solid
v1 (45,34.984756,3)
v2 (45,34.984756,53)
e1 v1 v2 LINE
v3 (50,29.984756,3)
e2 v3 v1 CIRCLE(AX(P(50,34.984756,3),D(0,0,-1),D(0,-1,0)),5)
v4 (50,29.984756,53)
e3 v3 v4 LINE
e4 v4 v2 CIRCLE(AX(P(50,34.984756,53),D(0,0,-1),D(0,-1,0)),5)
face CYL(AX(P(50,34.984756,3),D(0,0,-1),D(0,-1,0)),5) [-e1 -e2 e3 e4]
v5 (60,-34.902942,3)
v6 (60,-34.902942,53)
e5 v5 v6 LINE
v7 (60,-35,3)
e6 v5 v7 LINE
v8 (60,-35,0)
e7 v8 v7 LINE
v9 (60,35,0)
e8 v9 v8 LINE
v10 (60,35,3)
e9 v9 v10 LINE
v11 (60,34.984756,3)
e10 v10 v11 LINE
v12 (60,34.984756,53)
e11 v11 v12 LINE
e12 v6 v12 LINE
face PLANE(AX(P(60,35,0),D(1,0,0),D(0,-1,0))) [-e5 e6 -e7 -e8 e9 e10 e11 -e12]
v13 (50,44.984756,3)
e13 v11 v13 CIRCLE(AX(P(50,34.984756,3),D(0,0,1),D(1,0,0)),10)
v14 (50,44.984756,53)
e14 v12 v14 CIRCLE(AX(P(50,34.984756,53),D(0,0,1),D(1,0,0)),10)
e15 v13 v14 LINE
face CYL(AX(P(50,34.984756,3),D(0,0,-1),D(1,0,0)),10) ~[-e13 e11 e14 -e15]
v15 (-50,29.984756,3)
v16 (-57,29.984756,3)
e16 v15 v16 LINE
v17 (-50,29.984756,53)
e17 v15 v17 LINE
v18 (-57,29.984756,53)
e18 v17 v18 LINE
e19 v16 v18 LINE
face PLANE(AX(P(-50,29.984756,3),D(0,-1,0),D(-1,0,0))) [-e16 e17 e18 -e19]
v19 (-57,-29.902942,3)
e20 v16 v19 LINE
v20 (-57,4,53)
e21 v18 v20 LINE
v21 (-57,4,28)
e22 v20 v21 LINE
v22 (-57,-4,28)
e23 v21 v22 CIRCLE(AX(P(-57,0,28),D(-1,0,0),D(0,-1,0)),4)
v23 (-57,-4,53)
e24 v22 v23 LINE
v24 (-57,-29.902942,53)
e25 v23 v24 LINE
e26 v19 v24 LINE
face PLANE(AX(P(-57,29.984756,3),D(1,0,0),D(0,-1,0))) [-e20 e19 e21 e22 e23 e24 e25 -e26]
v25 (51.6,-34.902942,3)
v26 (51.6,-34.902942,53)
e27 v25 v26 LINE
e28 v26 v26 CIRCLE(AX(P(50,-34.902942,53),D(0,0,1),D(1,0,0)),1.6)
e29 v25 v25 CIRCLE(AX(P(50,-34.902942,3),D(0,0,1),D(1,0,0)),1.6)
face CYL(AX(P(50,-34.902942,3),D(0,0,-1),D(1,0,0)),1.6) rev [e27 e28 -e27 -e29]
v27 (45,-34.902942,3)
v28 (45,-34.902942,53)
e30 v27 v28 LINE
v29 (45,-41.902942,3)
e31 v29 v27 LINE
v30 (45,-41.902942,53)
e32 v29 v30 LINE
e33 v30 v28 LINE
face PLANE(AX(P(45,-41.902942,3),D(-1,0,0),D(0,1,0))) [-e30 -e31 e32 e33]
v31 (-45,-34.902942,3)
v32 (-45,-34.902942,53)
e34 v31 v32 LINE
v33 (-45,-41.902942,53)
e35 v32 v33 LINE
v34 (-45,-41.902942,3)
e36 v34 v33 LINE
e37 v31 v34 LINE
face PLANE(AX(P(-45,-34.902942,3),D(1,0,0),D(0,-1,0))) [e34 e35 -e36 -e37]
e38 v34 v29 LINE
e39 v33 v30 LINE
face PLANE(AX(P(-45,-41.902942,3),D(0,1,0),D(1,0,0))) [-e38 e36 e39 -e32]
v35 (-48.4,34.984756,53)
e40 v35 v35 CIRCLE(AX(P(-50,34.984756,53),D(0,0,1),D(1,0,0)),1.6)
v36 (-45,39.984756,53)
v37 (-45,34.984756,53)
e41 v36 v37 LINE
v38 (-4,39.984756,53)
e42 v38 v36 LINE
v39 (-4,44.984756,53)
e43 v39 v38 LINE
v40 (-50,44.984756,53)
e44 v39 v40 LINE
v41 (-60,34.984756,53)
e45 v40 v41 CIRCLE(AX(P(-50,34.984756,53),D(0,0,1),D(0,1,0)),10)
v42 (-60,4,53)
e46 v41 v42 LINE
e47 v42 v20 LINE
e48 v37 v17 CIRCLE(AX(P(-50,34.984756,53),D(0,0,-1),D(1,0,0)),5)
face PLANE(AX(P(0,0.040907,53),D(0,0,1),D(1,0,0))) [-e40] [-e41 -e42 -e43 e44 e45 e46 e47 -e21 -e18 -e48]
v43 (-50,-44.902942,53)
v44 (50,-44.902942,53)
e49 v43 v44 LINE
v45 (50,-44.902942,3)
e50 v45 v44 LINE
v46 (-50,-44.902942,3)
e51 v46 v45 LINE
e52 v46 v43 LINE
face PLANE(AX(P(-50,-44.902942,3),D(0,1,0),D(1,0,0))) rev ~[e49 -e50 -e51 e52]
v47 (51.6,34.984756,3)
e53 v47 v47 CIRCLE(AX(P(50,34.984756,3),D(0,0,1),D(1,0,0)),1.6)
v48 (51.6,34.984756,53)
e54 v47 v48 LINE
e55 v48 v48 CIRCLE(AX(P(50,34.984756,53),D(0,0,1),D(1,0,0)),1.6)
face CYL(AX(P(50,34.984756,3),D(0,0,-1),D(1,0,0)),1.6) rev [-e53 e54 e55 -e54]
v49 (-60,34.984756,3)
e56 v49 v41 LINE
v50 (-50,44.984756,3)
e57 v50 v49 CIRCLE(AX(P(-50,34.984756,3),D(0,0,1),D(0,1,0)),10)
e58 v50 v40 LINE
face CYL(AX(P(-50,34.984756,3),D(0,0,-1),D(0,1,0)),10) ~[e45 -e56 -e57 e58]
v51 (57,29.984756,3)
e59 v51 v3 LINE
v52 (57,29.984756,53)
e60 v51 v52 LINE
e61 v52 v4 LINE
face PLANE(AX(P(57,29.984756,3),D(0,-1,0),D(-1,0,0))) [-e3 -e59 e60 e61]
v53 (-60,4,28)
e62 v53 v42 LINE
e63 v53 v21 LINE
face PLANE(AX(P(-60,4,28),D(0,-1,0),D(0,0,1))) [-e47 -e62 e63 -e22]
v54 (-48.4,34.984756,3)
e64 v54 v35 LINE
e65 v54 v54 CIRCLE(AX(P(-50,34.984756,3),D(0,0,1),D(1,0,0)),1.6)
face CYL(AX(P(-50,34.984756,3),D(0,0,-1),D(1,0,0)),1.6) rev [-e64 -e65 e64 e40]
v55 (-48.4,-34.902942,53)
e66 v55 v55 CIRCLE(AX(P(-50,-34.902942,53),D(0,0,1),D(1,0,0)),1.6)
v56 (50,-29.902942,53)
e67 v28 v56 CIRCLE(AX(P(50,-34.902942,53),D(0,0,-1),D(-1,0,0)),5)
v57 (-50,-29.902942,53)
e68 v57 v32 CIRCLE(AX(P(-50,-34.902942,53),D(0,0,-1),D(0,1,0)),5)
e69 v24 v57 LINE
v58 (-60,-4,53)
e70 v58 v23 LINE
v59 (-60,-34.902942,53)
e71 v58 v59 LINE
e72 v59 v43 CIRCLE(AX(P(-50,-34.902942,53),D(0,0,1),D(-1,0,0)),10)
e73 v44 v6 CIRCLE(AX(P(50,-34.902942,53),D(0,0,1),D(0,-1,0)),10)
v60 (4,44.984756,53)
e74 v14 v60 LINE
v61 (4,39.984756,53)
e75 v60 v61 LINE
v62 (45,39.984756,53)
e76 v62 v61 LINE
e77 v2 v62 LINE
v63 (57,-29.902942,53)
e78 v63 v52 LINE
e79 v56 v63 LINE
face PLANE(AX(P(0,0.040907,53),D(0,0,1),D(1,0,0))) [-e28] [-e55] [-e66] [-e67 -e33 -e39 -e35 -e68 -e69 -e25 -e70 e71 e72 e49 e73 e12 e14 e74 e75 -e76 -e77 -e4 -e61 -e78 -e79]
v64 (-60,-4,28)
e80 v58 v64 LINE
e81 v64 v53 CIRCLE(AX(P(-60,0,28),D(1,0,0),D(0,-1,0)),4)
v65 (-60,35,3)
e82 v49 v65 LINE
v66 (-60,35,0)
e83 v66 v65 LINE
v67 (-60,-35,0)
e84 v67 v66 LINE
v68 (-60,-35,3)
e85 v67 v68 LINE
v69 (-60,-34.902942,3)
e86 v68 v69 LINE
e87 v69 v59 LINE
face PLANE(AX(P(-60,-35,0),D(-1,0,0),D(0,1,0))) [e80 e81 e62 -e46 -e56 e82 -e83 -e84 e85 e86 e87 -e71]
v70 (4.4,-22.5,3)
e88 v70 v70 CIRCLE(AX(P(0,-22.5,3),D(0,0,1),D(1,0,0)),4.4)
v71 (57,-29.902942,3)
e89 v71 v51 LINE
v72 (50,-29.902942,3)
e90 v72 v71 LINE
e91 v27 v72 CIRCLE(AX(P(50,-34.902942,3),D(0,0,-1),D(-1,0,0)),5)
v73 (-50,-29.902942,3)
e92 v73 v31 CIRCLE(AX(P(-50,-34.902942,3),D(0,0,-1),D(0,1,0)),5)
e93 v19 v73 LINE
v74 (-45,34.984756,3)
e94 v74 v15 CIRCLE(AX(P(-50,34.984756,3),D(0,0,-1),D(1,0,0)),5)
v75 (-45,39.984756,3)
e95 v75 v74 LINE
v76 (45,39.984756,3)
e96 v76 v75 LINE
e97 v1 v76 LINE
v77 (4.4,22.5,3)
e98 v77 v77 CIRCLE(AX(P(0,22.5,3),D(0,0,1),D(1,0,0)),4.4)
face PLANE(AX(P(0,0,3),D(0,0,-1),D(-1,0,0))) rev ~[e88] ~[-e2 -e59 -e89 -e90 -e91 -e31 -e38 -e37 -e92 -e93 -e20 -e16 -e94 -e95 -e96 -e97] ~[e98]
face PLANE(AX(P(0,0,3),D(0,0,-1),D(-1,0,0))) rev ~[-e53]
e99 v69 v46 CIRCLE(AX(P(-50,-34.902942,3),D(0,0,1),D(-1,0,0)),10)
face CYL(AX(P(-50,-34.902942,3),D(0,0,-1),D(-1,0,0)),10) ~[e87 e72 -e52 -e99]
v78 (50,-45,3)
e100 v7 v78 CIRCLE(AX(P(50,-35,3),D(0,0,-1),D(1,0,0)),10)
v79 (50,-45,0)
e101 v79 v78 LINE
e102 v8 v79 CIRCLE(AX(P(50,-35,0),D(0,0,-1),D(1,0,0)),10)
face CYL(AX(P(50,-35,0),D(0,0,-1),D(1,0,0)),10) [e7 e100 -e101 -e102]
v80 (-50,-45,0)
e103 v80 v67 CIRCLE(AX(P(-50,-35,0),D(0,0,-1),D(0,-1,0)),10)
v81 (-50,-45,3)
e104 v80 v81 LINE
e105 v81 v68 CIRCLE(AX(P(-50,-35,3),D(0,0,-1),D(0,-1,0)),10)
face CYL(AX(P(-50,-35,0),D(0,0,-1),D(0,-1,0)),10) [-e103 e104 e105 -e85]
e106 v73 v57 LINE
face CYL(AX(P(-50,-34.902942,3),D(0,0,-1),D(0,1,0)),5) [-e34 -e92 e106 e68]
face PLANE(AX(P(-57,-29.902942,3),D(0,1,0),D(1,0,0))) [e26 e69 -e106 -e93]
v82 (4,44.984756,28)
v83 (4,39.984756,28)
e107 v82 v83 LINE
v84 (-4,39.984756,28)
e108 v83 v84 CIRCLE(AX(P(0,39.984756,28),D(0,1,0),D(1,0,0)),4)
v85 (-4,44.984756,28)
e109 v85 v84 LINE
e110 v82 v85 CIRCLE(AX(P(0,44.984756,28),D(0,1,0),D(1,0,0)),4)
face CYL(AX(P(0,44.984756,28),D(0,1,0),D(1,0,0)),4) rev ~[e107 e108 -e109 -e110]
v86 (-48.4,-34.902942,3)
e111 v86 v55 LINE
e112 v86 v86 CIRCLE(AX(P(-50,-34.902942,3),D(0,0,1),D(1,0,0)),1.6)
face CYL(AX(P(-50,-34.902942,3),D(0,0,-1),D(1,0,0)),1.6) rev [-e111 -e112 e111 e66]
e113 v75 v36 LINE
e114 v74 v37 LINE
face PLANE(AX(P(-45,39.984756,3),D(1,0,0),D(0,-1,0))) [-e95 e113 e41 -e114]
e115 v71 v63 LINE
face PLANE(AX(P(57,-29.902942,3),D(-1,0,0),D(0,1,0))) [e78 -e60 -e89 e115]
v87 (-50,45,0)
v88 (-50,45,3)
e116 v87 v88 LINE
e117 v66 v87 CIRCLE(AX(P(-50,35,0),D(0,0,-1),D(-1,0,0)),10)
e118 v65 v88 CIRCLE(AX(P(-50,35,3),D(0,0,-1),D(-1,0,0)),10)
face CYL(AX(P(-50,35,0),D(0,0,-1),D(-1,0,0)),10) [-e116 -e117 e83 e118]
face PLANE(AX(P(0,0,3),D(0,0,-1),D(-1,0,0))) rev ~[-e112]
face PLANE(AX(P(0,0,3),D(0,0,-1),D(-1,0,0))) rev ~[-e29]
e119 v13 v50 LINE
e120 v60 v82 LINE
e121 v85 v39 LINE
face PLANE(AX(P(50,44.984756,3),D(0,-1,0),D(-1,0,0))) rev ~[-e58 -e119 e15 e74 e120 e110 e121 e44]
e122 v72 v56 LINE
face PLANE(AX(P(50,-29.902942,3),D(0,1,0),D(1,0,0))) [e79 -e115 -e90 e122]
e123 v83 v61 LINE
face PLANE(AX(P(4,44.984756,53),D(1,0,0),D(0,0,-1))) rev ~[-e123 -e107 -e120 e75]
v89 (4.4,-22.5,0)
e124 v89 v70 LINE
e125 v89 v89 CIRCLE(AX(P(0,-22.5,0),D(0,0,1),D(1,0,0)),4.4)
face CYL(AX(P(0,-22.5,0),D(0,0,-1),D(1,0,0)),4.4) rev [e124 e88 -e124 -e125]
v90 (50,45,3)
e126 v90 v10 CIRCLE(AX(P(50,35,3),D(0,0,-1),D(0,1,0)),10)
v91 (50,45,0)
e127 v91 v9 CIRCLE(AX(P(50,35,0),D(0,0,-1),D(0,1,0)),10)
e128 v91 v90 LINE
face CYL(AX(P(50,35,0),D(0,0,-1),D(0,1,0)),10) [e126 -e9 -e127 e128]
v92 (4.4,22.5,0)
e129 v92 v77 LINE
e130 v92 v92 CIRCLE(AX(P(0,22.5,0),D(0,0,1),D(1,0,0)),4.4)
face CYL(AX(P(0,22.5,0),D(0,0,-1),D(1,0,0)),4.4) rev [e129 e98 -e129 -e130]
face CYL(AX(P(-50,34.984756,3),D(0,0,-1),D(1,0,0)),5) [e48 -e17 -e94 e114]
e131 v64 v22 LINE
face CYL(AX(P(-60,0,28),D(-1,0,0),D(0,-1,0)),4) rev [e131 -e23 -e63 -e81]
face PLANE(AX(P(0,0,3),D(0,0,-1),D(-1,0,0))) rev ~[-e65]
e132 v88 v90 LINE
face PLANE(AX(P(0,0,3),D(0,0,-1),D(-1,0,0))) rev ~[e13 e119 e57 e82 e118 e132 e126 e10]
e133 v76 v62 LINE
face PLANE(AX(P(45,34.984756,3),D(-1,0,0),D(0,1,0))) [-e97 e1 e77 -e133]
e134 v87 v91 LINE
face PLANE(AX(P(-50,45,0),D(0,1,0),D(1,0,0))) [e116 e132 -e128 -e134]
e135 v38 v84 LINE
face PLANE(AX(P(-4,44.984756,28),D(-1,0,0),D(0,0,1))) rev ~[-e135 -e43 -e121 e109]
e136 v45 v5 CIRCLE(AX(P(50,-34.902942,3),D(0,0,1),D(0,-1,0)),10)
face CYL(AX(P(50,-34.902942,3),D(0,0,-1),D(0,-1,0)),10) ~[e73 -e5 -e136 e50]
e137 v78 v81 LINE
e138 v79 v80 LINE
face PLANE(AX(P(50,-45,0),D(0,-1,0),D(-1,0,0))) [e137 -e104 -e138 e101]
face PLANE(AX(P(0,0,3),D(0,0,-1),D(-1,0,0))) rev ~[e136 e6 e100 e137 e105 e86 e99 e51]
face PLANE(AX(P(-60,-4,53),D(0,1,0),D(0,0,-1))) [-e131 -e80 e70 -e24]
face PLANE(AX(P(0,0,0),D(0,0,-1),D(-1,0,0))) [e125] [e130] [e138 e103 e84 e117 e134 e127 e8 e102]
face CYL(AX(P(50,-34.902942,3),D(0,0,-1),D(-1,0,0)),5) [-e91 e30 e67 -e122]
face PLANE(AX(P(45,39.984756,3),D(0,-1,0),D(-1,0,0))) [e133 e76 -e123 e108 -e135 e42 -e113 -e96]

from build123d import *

# Parameters (mm, degrees)
SKETCH1_R           = 4.4
BOSS_EXTRUDE1_DEPTH = 3
SKETCH2_R           = 1.6
BOSS_EXTRUDE2_DEPTH = 50
CUT_EXTRUDE1_DEPTH  = 10
CUT_EXTRUDE2_DEPTH  = 10


with BuildPart() as part:
    # Sketch1 → Boss-Extrude1 (new body)
    with BuildSketch(Plane.XY):
        with BuildLine():
            Line((-50, 45), (50, 45))
            ThreePointArc((50, 45), (57.071067812, 42.071067812), (60, 35))
            Line((60, 35), (60, -35))
            ThreePointArc((60, -35), (57.071067812, -42.071067812), (50, -45))
            Line((50, -45), (-50, -45))
            ThreePointArc((-50, -45), (-57.071067812, -42.071067812), (-60, -35))
            Line((-60, -35), (-60, 35))
            ThreePointArc((-60, 35), (-57.071067812, 42.071067812), (-50, 45))
        make_face()
        with Locations((0, 22.5)):
            Circle(SKETCH1_R, mode=Mode.SUBTRACT)
        with Locations((0, -22.5)):
            Circle(SKETCH1_R, mode=Mode.SUBTRACT)
    extrude(amount=BOSS_EXTRUDE1_DEPTH)

    # Sketch2 → Boss-Extrude2 (add)
    with BuildSketch(Plane(origin=(0, -44.902942235, 3), x_dir=(1, 0, 0), z_dir=(0, 0, 1))):
        with BuildLine():
            Line((-50, 0), (50, 0))
            ThreePointArc((50, 0), (57.071067812, 2.928932188), (60, 10))
            Line((60, 10), (60, 79.887698494))
            ThreePointArc((60, 79.887698494), (57.071067812, 86.958766306), (50, 89.887698494))
            Line((50, 89.887698494), (-50, 89.887698494))
            ThreePointArc((-50, 89.887698494), (-57.071067812, 86.958766306), (-60, 79.887698494))
            Line((-60, 79.887698494), (-60, 10))
            ThreePointArc((-60, 10), (-57.071067812, 2.928932188), (-50, 0))
        make_face()
        with Locations((-50, 79.887698494)):
            Circle(SKETCH2_R, mode=Mode.SUBTRACT)
        with Locations((-50, 10)):
            Circle(SKETCH2_R, mode=Mode.SUBTRACT)
        with Locations((50, 10)):
            Circle(SKETCH2_R, mode=Mode.SUBTRACT)
        with Locations((50, 79.887698494)):
            Circle(SKETCH2_R, mode=Mode.SUBTRACT)
        with BuildLine():
            Line((-45, 10), (-45, 3))
            Line((-45, 3), (45, 3))
            Line((45, 3), (45, 10))
            ThreePointArc((45, 10), (46.464466094, 13.535533906), (50, 15))
            Line((50, 15), (57, 15))
            Line((57, 15), (57, 74.887698494))
            Line((57, 74.887698494), (50, 74.887698494))
            ThreePointArc((50, 74.887698494), (46.464466094, 76.352164588), (45, 79.887698494))
            Line((45, 79.887698494), (45, 84.887698494))
            Line((45, 84.887698494), (-45, 84.887698494))
            Line((-45, 84.887698494), (-45, 79.887698494))
            ThreePointArc((-45, 79.887698494), (-46.464466094, 76.352164588), (-50, 74.887698494))
            Line((-50, 74.887698494), (-57, 74.887698494))
            Line((-57, 74.887698494), (-57, 15))
            Line((-57, 15), (-50, 15))
            ThreePointArc((-50, 15), (-46.464466094, 13.535533906), (-45, 10))
        make_face(mode=Mode.SUBTRACT)
    extrude(amount=BOSS_EXTRUDE2_DEPTH)

    # Sketch6 → Cut-Extrude1 (cut)
    with BuildSketch(Plane(origin=(0, 44.984756259, 0), x_dir=(1, 0, 0), z_dir=(0, 1, 0))):
        with BuildLine():
            Line((-4, -28), (-4, -53))
            Line((-4, -53), (4, -53))
            Line((4, -53), (4, -28))
            ThreePointArc((4, -28), (0, -24), (-4, -28))
        make_face()
    extrude(amount=-CUT_EXTRUDE1_DEPTH, mode=Mode.SUBTRACT)

    # Sketch7 → Cut-Extrude2 (cut)
    with BuildSketch(Plane.ZY.offset(60)):
        with BuildLine():
            Line((28, 4), (53, 4))
            Line((53, 4), (53, -4))
            Line((53, -4), (28, -4))
            ThreePointArc((28, -4), (24, 0), (28, 4))
        make_face()
    extrude(amount=-CUT_EXTRUDE2_DEPTH, mode=Mode.SUBTRACT)


solid = part.part
